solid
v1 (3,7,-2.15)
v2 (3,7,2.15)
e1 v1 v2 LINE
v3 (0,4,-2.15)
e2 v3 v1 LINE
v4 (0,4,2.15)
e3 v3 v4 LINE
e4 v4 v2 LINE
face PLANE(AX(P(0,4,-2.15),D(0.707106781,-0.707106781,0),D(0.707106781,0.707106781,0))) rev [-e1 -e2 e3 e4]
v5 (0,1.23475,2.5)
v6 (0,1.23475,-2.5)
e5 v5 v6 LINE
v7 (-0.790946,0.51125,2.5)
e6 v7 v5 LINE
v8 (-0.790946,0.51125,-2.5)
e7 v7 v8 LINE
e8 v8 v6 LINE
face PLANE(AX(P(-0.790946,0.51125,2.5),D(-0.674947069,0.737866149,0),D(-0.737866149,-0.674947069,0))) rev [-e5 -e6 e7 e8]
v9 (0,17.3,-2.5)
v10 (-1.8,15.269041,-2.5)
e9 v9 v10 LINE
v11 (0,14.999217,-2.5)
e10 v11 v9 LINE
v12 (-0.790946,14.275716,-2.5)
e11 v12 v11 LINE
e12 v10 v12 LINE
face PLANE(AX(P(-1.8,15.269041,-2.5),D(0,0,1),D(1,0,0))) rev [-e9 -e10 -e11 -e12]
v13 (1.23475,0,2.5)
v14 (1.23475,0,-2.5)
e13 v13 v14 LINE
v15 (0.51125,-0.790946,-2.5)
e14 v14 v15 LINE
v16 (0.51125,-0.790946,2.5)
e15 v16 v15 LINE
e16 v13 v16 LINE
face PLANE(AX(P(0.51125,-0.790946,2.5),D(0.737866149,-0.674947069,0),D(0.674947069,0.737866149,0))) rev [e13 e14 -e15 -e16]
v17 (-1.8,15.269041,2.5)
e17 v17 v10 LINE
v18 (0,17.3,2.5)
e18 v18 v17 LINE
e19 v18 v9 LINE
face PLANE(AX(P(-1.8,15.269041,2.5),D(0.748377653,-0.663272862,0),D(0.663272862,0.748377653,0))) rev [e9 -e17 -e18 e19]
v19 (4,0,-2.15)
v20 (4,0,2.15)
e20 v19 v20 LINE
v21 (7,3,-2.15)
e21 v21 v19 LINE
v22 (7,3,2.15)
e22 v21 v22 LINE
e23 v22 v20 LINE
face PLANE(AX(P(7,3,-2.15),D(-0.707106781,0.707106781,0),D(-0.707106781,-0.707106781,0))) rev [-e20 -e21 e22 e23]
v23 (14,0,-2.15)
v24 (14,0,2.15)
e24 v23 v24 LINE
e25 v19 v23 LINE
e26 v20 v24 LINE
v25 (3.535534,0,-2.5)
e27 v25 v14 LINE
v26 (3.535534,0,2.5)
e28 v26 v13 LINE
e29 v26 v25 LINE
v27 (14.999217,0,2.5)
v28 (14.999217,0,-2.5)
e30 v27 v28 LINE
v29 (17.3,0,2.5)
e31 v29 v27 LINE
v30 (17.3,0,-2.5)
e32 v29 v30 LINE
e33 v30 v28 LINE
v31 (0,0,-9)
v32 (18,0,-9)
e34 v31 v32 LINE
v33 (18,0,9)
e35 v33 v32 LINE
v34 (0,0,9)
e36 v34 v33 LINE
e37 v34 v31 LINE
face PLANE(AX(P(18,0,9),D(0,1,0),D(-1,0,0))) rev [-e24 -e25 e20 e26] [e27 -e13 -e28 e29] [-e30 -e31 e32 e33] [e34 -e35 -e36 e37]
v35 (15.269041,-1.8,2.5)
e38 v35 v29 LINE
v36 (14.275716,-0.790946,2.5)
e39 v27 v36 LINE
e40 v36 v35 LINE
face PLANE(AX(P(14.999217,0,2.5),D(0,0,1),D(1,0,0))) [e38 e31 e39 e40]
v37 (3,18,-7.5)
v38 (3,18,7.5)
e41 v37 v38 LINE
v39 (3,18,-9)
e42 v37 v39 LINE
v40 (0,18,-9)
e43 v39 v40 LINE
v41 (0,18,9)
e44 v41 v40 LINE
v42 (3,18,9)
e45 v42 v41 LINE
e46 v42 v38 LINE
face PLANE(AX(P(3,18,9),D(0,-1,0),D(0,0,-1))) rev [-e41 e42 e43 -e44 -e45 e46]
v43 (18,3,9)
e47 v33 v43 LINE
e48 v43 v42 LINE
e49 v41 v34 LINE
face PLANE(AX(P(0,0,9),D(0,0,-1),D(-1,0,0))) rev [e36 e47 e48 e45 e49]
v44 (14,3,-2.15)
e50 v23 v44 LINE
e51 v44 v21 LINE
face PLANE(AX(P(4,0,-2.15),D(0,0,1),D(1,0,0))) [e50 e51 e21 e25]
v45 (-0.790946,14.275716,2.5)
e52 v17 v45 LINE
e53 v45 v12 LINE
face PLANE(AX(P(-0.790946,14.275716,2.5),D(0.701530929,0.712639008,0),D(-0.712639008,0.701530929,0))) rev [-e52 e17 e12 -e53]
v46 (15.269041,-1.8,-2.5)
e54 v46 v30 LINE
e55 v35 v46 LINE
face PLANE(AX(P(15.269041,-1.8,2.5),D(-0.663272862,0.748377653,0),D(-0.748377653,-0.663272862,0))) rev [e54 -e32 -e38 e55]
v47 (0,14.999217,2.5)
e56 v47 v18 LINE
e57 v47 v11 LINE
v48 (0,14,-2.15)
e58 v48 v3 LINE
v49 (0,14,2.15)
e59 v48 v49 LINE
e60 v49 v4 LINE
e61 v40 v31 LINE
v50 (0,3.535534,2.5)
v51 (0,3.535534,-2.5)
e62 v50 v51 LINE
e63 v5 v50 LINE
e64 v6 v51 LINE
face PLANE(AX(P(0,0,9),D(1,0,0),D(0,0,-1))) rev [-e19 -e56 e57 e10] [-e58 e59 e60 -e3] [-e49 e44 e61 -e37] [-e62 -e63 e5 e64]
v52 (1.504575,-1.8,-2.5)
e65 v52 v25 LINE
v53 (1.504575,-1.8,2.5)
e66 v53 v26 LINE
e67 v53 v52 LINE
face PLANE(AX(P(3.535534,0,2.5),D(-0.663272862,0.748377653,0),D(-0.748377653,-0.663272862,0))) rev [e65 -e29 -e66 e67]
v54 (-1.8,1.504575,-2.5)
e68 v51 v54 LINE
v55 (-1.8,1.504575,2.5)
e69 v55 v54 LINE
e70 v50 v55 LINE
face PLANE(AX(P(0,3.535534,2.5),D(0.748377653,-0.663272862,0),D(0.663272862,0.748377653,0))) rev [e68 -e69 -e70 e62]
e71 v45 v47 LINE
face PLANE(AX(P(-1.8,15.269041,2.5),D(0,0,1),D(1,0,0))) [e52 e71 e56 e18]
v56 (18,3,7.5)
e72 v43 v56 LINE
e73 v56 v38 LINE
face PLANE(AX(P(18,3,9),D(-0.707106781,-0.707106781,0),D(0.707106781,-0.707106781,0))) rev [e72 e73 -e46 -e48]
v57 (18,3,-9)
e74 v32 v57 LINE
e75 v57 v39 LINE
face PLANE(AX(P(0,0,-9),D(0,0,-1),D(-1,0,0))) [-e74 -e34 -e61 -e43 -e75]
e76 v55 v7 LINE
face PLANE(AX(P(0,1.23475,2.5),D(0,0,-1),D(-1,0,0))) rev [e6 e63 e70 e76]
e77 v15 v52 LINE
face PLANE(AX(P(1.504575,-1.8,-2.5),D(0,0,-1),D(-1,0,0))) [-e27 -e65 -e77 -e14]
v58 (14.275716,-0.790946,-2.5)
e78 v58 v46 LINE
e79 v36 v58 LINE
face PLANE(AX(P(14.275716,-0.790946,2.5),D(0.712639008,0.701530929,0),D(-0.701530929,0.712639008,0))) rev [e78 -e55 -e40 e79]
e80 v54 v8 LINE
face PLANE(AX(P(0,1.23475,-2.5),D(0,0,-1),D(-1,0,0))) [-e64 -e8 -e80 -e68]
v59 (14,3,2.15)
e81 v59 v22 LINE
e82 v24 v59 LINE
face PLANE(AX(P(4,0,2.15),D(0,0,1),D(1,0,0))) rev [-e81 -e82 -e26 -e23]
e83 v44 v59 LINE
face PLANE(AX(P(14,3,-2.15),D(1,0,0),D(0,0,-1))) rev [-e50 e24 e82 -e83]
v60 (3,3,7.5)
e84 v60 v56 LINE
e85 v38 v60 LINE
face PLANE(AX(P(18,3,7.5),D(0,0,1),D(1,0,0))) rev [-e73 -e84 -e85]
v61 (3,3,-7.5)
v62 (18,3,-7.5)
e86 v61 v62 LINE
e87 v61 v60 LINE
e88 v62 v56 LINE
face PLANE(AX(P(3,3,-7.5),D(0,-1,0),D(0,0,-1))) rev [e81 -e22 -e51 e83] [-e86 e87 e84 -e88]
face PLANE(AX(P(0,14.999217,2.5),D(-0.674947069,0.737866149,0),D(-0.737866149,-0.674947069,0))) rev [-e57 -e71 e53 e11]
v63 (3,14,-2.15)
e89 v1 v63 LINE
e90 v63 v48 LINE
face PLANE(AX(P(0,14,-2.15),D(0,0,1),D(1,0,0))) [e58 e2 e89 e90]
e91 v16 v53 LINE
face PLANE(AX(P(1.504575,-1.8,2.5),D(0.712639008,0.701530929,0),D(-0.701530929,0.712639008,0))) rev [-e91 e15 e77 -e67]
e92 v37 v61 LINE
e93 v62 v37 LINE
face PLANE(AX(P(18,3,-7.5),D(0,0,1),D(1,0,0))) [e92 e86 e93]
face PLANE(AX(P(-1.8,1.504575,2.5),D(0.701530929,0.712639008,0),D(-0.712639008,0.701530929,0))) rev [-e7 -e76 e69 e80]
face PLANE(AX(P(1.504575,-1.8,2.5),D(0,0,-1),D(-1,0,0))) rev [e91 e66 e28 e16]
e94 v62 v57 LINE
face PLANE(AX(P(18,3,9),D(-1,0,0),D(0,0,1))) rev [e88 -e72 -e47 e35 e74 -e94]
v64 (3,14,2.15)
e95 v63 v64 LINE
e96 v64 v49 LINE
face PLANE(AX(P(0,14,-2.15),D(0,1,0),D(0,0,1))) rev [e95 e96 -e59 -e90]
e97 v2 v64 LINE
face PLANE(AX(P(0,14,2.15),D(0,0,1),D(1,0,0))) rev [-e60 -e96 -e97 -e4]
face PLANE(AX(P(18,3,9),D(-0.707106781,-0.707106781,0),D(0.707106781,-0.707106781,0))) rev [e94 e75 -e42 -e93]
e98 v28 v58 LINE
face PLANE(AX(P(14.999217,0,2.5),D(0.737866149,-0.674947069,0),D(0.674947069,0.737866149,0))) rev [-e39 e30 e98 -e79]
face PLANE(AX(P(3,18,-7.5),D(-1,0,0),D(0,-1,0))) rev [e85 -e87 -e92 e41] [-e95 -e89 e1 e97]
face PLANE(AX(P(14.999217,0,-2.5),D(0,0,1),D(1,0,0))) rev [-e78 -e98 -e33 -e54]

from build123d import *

# Parameters (mm, degrees)
BOSS_EXTRUDE1_DEPTH = 9
CUT_EXTRUDE1_DEPTH  = 7.5
CUT_EXTRUDE2_DEPTH  = 2.15
BOSS_EXTRUDE2_DEPTH = 2.5


with BuildPart() as part:
    # Sketch1 → Boss-Extrude1 (new body, symmetric)
    with BuildSketch(Plane.XY):
        Polygon((0, 0), (0, 18), (3, 18), (18, 3), (18, 0), align=None)
    extrude(amount=BOSS_EXTRUDE1_DEPTH, both=True)

    # Sketch2 → Cut-Extrude1 (cut, symmetric)
    with BuildSketch(Plane.XY):
        Polygon((3, 18), (3, 3), (18, 3), align=None)
    extrude(amount=CUT_EXTRUDE1_DEPTH, both=True, mode=Mode.SUBTRACT)

    # Sketch3 → Cut-Extrude2 (cut, symmetric)
    with BuildSketch(Plane.XY):
        Polygon((0, 14), (3, 14), (3, 7), (0, 4), align=None)
        Polygon((7, 3), (14, 3), (14, 0), (4, 0), align=None)
    extrude(amount=CUT_EXTRUDE2_DEPTH, both=True, mode=Mode.SUBTRACT)

    # Sketch4 → Boss-Extrude2 (add, symmetric)
    with BuildSketch(Plane.XY):
        Polygon((1.504575227, -1.8), (0.511249685, -0.790946088), (1.234750477, 0), (3.535533906, 0), align=None)
        Polygon((0, 3.535533906), (-1.8, 1.504575227), (-0.790946088, 0.511249685), (0, 1.234750477), align=None)
        Polygon((0, 17.3), (0, 14.999216572), (-0.790946088, 14.275715779), (-1.8, 15.269041321), align=None)
        Polygon((14.999216572, 0), (14.275715779, -0.790946088), (15.269041321, -1.8), (17.3, 0), align=None)
    extrude(amount=BOSS_EXTRUDE2_DEPTH, both=True)


solid = part.part
